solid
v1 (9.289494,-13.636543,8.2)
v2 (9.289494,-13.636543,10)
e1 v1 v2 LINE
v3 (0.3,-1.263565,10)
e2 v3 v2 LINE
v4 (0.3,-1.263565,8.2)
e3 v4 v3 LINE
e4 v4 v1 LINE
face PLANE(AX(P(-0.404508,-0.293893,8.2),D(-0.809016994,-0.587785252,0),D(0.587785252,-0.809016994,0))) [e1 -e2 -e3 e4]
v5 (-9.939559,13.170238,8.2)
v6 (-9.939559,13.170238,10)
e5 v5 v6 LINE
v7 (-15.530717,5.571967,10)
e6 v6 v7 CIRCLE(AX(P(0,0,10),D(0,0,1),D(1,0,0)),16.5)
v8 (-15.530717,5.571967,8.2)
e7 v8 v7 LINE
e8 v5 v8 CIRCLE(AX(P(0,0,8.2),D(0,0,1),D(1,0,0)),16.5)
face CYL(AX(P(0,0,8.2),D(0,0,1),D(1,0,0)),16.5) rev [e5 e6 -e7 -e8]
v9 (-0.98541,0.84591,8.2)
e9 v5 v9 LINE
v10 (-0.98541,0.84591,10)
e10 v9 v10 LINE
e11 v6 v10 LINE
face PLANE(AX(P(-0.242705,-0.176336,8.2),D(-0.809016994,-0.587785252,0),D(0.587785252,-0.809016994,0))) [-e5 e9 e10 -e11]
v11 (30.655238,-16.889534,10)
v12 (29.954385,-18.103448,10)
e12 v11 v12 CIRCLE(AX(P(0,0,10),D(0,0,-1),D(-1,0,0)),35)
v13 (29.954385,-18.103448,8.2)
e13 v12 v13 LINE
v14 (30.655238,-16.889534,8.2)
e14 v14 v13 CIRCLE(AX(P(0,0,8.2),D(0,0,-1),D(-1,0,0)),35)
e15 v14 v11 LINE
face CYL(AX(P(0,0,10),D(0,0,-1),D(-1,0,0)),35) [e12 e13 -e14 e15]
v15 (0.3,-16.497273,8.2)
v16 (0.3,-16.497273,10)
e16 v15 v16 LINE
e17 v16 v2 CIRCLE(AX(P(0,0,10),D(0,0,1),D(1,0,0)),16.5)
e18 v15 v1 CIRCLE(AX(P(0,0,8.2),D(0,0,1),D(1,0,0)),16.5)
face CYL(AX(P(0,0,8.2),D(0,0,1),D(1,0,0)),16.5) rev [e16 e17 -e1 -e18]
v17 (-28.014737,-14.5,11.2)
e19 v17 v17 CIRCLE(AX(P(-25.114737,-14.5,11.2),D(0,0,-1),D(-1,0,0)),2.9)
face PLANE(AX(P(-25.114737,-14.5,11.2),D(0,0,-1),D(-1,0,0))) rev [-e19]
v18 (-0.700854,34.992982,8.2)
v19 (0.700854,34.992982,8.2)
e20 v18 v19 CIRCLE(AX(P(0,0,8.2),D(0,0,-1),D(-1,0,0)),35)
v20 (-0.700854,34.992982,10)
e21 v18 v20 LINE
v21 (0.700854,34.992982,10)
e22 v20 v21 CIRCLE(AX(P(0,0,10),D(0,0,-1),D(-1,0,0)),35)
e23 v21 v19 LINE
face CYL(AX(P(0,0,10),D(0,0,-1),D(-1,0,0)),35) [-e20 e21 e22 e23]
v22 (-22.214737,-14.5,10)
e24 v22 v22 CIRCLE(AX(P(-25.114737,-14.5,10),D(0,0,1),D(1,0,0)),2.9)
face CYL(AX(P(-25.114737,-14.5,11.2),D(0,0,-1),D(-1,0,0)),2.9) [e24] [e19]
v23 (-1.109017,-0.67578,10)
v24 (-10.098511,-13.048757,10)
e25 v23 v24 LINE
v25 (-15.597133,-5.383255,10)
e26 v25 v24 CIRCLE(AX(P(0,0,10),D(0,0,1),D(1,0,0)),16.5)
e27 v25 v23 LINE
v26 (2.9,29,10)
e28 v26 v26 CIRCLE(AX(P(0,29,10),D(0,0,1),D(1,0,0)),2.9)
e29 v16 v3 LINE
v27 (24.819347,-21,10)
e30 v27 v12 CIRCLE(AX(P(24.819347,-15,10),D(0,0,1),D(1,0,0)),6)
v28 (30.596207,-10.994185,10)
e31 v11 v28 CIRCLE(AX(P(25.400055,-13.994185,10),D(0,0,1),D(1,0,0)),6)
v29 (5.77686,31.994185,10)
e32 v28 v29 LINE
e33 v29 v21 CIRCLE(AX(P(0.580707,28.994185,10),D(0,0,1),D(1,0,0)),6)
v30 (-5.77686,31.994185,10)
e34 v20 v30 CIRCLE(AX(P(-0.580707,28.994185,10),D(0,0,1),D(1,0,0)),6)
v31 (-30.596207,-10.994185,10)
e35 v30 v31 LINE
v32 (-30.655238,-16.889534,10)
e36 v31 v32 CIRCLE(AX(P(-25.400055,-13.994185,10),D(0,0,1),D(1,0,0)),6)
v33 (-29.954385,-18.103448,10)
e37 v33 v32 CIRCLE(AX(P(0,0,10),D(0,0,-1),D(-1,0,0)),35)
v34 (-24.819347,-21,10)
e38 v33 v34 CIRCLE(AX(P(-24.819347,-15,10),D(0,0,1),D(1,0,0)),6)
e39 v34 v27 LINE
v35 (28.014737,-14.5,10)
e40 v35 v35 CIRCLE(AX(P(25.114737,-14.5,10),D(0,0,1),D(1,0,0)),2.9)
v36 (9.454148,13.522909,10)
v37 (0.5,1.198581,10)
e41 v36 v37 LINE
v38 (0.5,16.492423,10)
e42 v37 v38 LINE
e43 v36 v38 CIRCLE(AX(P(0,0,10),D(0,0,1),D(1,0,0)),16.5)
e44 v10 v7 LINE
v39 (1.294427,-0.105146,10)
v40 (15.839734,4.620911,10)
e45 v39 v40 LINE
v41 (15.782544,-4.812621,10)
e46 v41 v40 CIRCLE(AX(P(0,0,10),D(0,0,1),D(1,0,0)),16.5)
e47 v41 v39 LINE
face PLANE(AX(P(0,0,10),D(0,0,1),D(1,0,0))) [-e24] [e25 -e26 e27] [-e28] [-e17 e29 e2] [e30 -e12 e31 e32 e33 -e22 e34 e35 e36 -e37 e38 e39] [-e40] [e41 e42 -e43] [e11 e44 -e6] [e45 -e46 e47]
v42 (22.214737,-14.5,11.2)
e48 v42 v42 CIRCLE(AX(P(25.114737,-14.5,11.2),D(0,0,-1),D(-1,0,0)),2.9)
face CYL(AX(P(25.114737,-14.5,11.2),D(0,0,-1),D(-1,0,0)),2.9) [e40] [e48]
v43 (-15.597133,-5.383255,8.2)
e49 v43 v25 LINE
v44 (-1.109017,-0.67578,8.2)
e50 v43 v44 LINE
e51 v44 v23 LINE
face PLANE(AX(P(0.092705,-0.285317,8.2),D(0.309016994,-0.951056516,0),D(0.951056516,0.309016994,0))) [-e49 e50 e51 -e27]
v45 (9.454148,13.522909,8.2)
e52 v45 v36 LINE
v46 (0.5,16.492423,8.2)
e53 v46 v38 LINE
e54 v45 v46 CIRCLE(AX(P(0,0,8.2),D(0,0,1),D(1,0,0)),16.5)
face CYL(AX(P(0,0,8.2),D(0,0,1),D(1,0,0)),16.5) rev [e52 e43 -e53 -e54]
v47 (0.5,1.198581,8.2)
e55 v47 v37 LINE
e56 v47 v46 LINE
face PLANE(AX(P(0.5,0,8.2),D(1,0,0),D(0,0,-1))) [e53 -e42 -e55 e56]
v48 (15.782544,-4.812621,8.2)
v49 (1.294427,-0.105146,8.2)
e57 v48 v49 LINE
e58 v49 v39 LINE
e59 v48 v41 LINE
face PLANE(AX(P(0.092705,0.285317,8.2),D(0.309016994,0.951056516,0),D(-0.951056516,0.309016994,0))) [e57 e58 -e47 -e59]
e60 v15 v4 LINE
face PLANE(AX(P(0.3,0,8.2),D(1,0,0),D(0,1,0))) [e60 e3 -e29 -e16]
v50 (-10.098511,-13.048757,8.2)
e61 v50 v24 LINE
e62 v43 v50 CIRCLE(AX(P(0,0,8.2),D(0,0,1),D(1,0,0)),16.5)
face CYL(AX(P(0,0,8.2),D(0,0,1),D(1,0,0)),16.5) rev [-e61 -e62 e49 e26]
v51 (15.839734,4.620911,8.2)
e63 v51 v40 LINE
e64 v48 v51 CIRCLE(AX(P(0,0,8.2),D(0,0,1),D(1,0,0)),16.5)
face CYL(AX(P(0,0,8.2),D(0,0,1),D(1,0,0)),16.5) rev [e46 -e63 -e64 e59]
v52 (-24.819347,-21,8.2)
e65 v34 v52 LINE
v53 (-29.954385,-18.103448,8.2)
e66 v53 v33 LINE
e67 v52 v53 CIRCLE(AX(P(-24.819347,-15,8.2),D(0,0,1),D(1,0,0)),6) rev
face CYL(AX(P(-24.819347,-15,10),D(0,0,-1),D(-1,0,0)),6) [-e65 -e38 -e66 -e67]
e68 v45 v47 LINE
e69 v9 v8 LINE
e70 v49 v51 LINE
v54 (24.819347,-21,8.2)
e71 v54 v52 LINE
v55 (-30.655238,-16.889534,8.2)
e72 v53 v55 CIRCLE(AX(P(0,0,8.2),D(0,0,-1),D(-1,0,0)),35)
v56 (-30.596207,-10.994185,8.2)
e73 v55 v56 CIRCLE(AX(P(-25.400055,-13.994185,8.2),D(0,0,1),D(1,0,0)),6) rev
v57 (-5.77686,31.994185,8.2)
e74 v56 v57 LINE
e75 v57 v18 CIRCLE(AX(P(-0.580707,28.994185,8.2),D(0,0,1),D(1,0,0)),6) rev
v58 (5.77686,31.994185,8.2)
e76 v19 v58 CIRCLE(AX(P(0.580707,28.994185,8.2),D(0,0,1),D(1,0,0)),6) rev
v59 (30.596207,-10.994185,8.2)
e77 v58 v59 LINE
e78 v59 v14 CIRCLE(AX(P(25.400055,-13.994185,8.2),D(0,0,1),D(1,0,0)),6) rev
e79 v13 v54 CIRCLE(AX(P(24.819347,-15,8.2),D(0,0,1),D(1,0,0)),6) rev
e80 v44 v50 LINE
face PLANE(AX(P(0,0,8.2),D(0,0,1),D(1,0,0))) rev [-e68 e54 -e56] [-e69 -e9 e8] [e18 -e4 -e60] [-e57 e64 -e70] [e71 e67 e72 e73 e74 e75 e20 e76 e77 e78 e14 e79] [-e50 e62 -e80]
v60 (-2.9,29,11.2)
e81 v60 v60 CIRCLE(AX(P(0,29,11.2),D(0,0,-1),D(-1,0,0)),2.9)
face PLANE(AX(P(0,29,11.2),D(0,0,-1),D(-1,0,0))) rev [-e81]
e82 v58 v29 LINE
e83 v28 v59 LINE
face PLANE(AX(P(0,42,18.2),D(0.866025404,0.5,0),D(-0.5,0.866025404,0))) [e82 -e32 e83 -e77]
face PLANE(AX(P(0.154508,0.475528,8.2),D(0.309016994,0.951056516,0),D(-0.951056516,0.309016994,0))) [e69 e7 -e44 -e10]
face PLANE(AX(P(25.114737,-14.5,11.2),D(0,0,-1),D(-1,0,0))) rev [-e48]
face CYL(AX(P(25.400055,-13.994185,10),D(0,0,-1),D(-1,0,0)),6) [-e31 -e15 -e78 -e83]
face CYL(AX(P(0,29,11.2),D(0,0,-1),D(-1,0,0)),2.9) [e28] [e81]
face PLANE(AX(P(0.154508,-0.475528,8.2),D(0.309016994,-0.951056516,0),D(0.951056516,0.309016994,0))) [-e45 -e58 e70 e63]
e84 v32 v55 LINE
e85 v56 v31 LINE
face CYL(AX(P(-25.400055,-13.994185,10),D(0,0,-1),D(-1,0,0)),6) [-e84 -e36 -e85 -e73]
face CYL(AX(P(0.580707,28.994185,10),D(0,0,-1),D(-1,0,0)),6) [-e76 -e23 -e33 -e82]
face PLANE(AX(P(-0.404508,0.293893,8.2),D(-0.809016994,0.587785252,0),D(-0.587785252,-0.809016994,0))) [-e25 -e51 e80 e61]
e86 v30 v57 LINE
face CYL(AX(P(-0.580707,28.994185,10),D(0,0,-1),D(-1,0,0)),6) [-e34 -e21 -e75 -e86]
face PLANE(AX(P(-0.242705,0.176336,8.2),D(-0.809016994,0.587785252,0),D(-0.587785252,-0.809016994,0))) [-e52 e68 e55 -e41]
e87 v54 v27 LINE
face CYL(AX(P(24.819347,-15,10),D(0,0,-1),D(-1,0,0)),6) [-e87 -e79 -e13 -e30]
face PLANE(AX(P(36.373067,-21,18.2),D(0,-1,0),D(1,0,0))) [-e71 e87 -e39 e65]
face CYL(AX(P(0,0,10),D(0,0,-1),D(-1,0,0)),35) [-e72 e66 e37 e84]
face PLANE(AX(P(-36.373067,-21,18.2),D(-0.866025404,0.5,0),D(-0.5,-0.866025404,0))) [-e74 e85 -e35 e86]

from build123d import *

# Parameters (mm, degrees)
SKETCH2_R           = 18
BOSS_EXTRUDE1_DEPTH = 1.8
BOSS_EXTRUDE7_START = -1.8
BOSS_EXTRUDE7_DEPTH = 1.8
SKETCH17_R          = 0.7
BOSS_EXTRUDE9_DEPTH = 1.8
BOSS_EXTRUDE2_START = -1.8
SKETCH3_R           = 35
SKETCH3_R_2         = 18
BOSS_EXTRUDE2_DEPTH = 1.8
SKETCH4_R           = 2.9
BOSS_EXTRUDE3_DEPTH = 3
SKETCH6_R           = 5
BOSS_EXTRUDE4_DEPTH = 1
SKETCH7_R           = 59.131365533
CUT_EXTRUDE1_DEPTH  = 10
FILLET1_R           = 6


with BuildPart() as part:
    # Sketch2 → Boss-Extrude1 (new body)
    with BuildSketch(Plane.XY.offset(10)):
        Circle(SKETCH2_R)
        with BuildLine():
            ThreePointArc((0, 0.538550206), (0.166421166, 0.512191682), (0.316551869, 0.435696269))
            Line((0.316551869, 0.435696269), (9.992349289, 13.753288904))
            ThreePointArc((9.992349289, 13.753288904), (13.753288904, 9.992349289), (16.167960777, 5.253288904))
            Line((16.167960777, 5.253288904), (0.512191682, 0.166421166))
            ThreePointArc((0.512191682, 0.166421166), (0.538550206, 0), (0.512191682, -0.166421166))
            Line((0.512191682, -0.166421166), (16.167960777, -5.253288904))
            ThreePointArc((16.167960777, -5.253288904), (13.753288904, -9.992349289), (9.992349289, -13.753288904))
            Line((9.992349289, -13.753288904), (0.316551869, -0.435696269))
            ThreePointArc((0.316551869, -0.435696269), (0.166421166, -0.512191682), (0, -0.538550206))
            Line((0, -0.538550206), (0, -17))
            ThreePointArc((0, -17), (-5.253288904, -16.167960777), (-9.992349289, -13.753288904))
            Line((-9.992349289, -13.753288904), (-0.316551869, -0.435696269))
            ThreePointArc((-0.316551869, -0.435696269), (-0.435696269, -0.316551869), (-0.512191682, -0.166421166))
            Line((-0.512191682, -0.166421166), (-16.167960777, -5.253288904))
            ThreePointArc((-16.167960777, -5.253288904), (-17, 0), (-16.167960777, 5.253288904))
            Line((-16.167960777, 5.253288904), (-0.512191682, 0.166421166))
            ThreePointArc((-0.512191682, 0.166421166), (-0.435696269, 0.316551869), (-0.316551869, 0.435696269))
            Line((-0.316551869, 0.435696269), (-9.992349289, 13.753288904))
            ThreePointArc((-9.992349289, 13.753288904), (-5.253288904, 16.167960777), (0, 17))
            Line((0, 17), (0, 0.538550206))
        make_face(mode=Mode.SUBTRACT)
        with BuildLine():
            Line((0.5, 1.198581445), (0.5, 16.492422502))
            ThreePointArc((0.5, 16.492422502), (5.193820321, 15.661233364), (9.454148381, 13.522909391))
            Line((9.454148381, 13.522909391), (0.5, 1.198581445))
        make_face(mode=Mode.SUBTRACT)
        with BuildLine():
            Line((-9.939558578, 13.170238239), (-0.985410197, 0.845910294))
            Line((-0.985410197, 0.845910294), (-15.530717393, 5.57196709))
            ThreePointArc((-15.530717393, 5.57196709), (-13.289739299, 9.779203923), (-9.939558578, 13.170238239))
        make_face(mode=Mode.SUBTRACT)
        with BuildLine():
            Line((-15.597133416, -5.383254519), (-1.109016994, -0.675780132))
            Line((-1.109016994, -0.675780132), (-10.098511219, -13.048757457))
            ThreePointArc((-10.098511219, -13.048757457), (-13.40733091, -9.617352956), (-15.597133416, -5.383254519))
        make_face(mode=Mode.SUBTRACT)
        with BuildLine():
            ThreePointArc((9.289494224, -13.636542709), (5.003553098, -15.723054932), (0.3, -16.497272502))
            Line((0.3, -16.497272502), (0.3, -1.263565384))
            Line((0.3, -1.263565384), (9.289494224, -13.636542709))
        make_face(mode=Mode.SUBTRACT)
        with BuildLine():
            Line((15.782543612, -4.812620609), (1.294427191, -0.105146222))
            Line((1.294427191, -0.105146222), (15.839734388, 4.620910574))
            ThreePointArc((15.839734388, 4.620910574), (16.499696789, -0.100029399), (15.782543612, -4.812620609))
        make_face(mode=Mode.SUBTRACT)
    extrude(amount=-BOSS_EXTRUDE1_DEPTH)

    # Sketch11 → Boss-Extrude7 (add)
    with BuildSketch(Plane(origin=(0, 0, 8.2), x_dir=(-1, 0, 0), z_dir=(0, 0, -1)).offset(BOSS_EXTRUDE7_START)):
        with BuildLine():
            ThreePointArc((-0.512191682, 0.166421166), (-0.435696269, 0.316551869), (-0.316551869, 0.435696269))
            Line((-0.316551869, 0.435696269), (-9.992349289, 13.753288904))
            ThreePointArc((-9.992349289, 13.753288904), (-13.753288904, 9.992349289), (-16.167960777, 5.253288904))
            Line((-16.167960777, 5.253288904), (-0.512191682, 0.166421166))
        make_face()
        with BuildLine():
            Line((0, 17), (0, 0.538550206))
            ThreePointArc((0, 0.538550206), (0.166421166, 0.512191682), (0.316551869, 0.435696269))
            Line((0.316551869, 0.435696269), (9.992349289, 13.753288904))
            ThreePointArc((9.992349289, 13.753288904), (5.253288904, 16.167960777), (0, 17))
        make_face()
        with BuildLine():
            Line((16.167960777, 5.253288904), (0.512191682, 0.166421166))
            ThreePointArc((0.512191682, 0.166421166), (0.531919759, 0.084247813), (0.538550206, 0))
            ThreePointArc((0.538550206, 0), (0.531919759, -0.084247813), (0.512191682, -0.166421166))
            Line((0.512191682, -0.166421166), (16.167960777, -5.253288904))
            ThreePointArc((16.167960777, -5.253288904), (17, 0), (16.167960777, 5.253288904))
        make_face()
        with BuildLine():
            Line((9.992349289, -13.753288904), (0.316551869, -0.435696269))
            ThreePointArc((0.316551869, -0.435696269), (0.166421166, -0.512191682), (0, -0.538550206))
            Line((0, -0.538550206), (0, -17))
            ThreePointArc((0, -17), (5.253288904, -16.167960777), (9.992349289, -13.753288904))
        make_face()
        with BuildLine():
            ThreePointArc((-0.316551869, -0.435696269), (-0.435696269, -0.316551869), (-0.512191682, -0.166421166))
            Line((-0.512191682, -0.166421166), (-16.167960777, -5.253288904))
            ThreePointArc((-16.167960777, -5.253288904), (-13.753288904, -9.992349289), (-9.992349289, -13.753288904))
            Line((-9.992349289, -13.753288904), (-0.316551869, -0.435696269))
        make_face()
        with BuildLine():
            ThreePointArc((0.316551869, 0.435696269), (0.166421166, 0.512191682), (0, 0.538550206))
            ThreePointArc((0, 0.538550206), (-0.166421166, 0.512191682), (-0.316551869, 0.435696269))
            ThreePointArc((-0.316551869, 0.435696269), (-0.435696269, 0.316551869), (-0.512191682, 0.166421166))
            ThreePointArc((-0.512191682, 0.166421166), (-0.538550206, 0), (-0.512191682, -0.166421166))
            ThreePointArc((-0.512191682, -0.166421166), (-0.435696269, -0.316551869), (-0.316551869, -0.435696269))
            ThreePointArc((-0.316551869, -0.435696269), (-0.166421166, -0.512191682), (0, -0.538550206))
            ThreePointArc((0, -0.538550206), (0.166421166, -0.512191682), (0.316551869, -0.435696269))
            ThreePointArc((0.316551869, -0.435696269), (0.435696269, -0.316551869), (0.512191682, -0.166421166))
            ThreePointArc((0.512191682, -0.166421166), (0.531919759, -0.084247813), (0.538550206, 0))
            ThreePointArc((0.538550206, 0), (0.531919759, 0.084247813), (0.512191682, 0.166421166))
            ThreePointArc((0.512191682, 0.166421166), (0.435696269, 0.316551869), (0.316551869, 0.435696269))
        make_face()
    extrude(amount=BOSS_EXTRUDE7_DEPTH)

    # Sketch17 → Boss-Extrude9 (add)
    with BuildSketch(Plane(origin=(0, 0, 8.2), x_dir=(-1, 0, 0), z_dir=(0, 0, -1))):
        Circle(SKETCH17_R)
    extrude(amount=-BOSS_EXTRUDE9_DEPTH)

    # Sketch3 → Boss-Extrude2 (add)
    with BuildSketch(Plane(origin=(0, 0, 8.2), x_dir=(-1, 0, 0), z_dir=(0, 0, -1)).offset(BOSS_EXTRUDE2_START)):
        Circle(SKETCH3_R)
        Circle(SKETCH3_R_2, mode=Mode.SUBTRACT)
    extrude(amount=BOSS_EXTRUDE2_DEPTH)

    # Sketch4 → Boss-Extrude3 (add)
    with BuildSketch(Plane(origin=(0, 0, 8.2), x_dir=(-1, 0, 0), z_dir=(0, 0, -1))):
        with Locations((0, 29)):
            Circle(SKETCH4_R)
        with Locations((25.11473671, -14.5)):
            Circle(SKETCH4_R)
        with Locations((-25.11473671, -14.5)):
            Circle(SKETCH4_R)
    extrude(amount=-BOSS_EXTRUDE3_DEPTH)

    # Sketch6 → Boss-Extrude4 (add)
    with BuildSketch(Plane(origin=(0, 0, 10), x_dir=(-1, 0, 0), z_dir=(0, 0, -1))):
        with Locations((0, 30)):
            Circle(SKETCH6_R)
        with Locations((25.980762114, -15)):
            Circle(SKETCH6_R)
        with Locations((-25.980762114, -15)):
            Circle(SKETCH6_R)
    extrude(amount=BOSS_EXTRUDE4_DEPTH)

    # Sketch7 → Cut-Extrude1 (cut)
    with BuildSketch(Plane(origin=(0, 0, 8.2), x_dir=(-1, 0, 0), z_dir=(0, 0, -1))):
        Circle(SKETCH7_R)
        Polygon((0, 42), (-36.373066959, -21), (36.373066959, -21), align=None, mode=Mode.SUBTRACT)
    extrude(amount=-CUT_EXTRUDE1_DEPTH, mode=Mode.SUBTRACT)

    # Fillet1
    fillet1_edges = [part.edges().sort_by_distance(p)[0] for p in [
        (4.186533479, 34.748711306, 9.1),
        (32.186533479, -13.748711306, 9.1),
        (28, -21, 9.1),
        (-28, -21, 9.1),
        (-32.186533479, -13.748711306, 9.1),
        (-4.186533479, 34.748711306, 9.1),
    ]]
    fillet(fillet1_edges, radius=FILLET1_R)


solid = part.part
